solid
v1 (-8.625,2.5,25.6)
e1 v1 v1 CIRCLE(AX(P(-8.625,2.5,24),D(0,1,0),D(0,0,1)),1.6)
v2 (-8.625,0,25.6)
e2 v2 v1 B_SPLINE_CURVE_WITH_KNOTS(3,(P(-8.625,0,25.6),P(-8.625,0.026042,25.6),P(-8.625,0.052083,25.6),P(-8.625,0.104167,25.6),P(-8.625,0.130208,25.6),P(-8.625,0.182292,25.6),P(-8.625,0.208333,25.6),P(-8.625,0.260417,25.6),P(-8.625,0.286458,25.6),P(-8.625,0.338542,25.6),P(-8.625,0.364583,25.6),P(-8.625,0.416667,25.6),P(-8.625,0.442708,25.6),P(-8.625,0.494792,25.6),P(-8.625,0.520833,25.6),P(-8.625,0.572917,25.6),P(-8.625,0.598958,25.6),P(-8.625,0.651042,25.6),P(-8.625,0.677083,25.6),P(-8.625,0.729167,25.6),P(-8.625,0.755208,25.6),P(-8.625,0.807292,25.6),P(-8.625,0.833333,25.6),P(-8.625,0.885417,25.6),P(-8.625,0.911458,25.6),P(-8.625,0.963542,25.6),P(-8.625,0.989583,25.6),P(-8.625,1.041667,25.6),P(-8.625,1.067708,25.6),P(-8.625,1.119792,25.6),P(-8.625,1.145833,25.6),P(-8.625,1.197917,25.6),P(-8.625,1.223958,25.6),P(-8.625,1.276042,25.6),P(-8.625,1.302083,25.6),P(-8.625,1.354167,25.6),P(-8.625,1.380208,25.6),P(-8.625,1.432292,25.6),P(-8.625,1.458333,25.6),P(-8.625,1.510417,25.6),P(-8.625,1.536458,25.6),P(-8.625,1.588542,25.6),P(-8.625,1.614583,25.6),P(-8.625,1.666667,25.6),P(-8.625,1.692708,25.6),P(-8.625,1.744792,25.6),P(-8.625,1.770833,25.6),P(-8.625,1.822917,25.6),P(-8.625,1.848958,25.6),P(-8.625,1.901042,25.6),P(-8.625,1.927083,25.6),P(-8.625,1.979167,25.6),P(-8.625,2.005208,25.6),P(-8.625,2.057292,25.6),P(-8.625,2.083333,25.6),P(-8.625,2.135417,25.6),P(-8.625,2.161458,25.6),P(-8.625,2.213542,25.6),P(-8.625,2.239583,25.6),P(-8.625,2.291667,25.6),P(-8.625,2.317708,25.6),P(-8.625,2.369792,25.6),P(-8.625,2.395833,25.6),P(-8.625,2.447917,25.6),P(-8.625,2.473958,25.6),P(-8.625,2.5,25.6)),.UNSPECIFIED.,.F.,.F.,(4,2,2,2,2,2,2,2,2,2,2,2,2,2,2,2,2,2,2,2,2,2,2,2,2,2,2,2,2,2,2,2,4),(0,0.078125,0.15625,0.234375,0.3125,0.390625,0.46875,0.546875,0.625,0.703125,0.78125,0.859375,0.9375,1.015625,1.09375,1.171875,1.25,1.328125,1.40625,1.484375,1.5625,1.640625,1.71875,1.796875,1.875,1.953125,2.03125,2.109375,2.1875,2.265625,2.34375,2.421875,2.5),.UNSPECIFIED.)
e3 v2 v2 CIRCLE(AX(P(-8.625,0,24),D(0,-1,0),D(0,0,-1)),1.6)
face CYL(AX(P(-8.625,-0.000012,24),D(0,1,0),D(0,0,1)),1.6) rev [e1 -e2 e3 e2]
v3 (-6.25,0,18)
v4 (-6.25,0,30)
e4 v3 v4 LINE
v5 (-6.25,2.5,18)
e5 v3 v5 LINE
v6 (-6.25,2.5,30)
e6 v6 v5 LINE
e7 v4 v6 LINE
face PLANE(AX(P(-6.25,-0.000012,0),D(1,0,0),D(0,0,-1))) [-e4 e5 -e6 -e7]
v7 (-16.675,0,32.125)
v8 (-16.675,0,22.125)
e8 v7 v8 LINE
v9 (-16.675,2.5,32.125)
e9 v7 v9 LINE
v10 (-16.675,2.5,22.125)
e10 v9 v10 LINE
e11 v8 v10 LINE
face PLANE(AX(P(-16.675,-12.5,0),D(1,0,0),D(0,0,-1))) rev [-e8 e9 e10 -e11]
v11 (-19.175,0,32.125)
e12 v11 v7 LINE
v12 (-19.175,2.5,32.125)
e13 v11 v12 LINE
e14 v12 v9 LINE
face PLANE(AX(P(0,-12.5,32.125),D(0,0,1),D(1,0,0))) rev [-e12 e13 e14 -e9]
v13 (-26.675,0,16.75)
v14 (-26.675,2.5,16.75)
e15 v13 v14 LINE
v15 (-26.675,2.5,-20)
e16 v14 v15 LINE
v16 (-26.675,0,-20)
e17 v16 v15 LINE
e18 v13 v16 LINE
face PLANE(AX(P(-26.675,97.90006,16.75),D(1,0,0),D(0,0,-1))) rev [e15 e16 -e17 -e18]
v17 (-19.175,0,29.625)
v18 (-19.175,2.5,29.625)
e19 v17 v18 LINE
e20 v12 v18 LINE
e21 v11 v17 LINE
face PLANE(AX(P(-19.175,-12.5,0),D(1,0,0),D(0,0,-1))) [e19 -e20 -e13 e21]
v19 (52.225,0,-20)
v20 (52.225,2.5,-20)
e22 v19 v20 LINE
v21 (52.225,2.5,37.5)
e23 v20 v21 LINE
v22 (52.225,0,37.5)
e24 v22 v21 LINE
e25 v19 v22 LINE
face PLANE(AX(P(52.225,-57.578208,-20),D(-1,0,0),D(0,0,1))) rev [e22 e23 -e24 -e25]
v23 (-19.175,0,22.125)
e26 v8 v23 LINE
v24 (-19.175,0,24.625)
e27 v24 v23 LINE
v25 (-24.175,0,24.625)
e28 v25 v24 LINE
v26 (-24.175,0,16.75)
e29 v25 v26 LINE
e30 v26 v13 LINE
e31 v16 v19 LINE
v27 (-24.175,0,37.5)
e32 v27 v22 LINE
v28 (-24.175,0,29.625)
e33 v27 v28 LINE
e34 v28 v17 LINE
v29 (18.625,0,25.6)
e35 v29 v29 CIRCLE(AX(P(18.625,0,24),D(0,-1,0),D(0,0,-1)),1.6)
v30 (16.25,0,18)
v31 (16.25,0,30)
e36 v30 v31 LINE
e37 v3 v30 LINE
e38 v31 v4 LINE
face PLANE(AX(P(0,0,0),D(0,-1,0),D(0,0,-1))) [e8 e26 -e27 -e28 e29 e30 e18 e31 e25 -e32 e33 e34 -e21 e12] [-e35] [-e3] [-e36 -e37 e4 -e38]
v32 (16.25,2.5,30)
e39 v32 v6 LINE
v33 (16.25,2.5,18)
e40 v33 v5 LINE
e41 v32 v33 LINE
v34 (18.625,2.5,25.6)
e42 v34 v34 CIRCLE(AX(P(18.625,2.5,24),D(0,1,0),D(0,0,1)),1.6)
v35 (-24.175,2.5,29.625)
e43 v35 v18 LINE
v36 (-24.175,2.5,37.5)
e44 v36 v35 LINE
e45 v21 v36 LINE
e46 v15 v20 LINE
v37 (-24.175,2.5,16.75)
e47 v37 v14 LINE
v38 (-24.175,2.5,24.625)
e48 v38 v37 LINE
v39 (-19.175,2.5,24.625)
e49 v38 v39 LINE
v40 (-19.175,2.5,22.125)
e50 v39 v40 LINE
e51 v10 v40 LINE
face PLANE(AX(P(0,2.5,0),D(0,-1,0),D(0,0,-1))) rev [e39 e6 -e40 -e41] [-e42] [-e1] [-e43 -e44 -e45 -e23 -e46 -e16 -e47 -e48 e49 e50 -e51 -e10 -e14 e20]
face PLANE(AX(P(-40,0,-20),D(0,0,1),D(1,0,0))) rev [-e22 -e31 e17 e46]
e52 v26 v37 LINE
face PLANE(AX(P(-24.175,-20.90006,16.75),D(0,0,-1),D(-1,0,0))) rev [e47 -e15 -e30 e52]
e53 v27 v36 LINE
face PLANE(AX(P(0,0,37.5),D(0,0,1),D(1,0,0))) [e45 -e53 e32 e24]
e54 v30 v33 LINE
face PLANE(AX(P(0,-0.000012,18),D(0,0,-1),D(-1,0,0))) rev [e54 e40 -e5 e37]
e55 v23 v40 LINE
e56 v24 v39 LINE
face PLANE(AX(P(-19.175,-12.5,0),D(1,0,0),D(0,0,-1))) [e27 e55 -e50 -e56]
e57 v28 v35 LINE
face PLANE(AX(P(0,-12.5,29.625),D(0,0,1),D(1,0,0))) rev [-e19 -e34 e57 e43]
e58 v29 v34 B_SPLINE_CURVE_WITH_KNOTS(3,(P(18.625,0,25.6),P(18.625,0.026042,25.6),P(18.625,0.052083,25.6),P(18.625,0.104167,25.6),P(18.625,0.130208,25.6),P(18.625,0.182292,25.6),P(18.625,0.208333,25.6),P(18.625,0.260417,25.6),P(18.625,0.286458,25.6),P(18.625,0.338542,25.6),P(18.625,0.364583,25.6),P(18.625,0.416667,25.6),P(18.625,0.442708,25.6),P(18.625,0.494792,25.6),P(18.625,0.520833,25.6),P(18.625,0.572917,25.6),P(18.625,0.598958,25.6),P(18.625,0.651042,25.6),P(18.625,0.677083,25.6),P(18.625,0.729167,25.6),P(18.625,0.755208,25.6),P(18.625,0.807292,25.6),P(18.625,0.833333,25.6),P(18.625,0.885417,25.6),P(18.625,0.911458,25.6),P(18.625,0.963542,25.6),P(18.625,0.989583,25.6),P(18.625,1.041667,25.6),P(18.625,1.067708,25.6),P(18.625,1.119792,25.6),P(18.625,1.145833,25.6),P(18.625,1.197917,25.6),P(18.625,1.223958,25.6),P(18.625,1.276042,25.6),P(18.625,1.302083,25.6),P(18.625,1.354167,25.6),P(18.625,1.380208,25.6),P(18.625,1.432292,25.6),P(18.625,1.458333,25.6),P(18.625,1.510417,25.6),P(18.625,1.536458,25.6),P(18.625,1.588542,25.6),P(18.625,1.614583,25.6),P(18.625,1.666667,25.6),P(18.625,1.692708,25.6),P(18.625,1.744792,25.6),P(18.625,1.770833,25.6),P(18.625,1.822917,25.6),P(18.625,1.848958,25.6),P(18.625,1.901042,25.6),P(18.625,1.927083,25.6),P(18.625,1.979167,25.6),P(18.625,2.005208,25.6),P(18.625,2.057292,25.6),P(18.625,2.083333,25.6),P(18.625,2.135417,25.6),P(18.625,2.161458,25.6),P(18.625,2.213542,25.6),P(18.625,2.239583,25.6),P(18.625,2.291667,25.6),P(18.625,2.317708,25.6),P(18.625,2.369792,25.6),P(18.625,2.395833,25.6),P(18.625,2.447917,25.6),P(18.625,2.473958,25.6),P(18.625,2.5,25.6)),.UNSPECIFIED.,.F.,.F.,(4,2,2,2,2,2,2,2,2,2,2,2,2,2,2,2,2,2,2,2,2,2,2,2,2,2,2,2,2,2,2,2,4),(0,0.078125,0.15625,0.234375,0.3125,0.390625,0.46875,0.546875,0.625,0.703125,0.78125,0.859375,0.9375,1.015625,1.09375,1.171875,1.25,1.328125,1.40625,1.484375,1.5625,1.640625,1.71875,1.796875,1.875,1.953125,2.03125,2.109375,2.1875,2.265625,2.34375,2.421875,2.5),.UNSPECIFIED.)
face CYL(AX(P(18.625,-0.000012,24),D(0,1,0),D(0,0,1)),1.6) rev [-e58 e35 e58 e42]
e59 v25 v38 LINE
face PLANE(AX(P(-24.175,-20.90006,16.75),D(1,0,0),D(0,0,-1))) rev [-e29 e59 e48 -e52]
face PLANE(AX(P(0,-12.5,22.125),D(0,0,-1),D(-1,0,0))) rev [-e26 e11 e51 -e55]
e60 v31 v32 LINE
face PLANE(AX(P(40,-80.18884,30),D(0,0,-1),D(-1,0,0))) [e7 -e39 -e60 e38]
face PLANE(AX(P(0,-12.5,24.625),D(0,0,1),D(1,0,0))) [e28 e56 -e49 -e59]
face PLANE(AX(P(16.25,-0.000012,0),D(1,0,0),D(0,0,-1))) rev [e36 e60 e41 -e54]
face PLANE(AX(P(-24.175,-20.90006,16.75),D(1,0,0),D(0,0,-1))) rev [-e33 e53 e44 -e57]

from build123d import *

# Parameters (mm, degrees)
SKETCH1_W               = 80
SKETCH1_H               = 60
BOSS_EXTRUDE1_DEPTH     = 2.5
CUT_EXTRUDE4_DEPTH      = 51.062460986
CUT_EXTRUDE4_DEPTH_BACK = 51.062460986
SKETCH2_R               = 1.6
SKETCH3_W               = 2.5
SKETCH3_H               = 20.5
BOSS_EXTRUDE2_DEPTH     = 66.5
SKETCH4_W               = 80
SKETCH4_H               = 5.5
BOSS_EXTRUDE3_DEPTH     = 2.5
SKETCH5_W               = 2.5
SKETCH5_H               = 5.5
BOSS_EXTRUDE4_DEPTH     = 66.5
SKETCH6_W               = 2.5
SKETCH6_H               = 5.5
CUT_EXTRUDE5_DEPTH      = 66.5
SKETCH9_W               = 2.5
SKETCH9_H               = 2.5
BOSS_EXTRUDE5_DEPTH     = 66.5
SKETCH11_R              = 4.75
CUT_EXTRUDE6_DEPTH      = 2.5
SKETCH15_W              = 2.5
SKETCH15_H              = 23
BOSS_EXTRUDE6_DEPTH     = 8
SKETCH17_W              = 2.5
SKETCH17_H              = 74.5
BOSS_EXTRUDE7_DEPTH     = 2
SKETCH18_R              = 1.6
CUT_EXTRUDE7_DEPTH      = 2.5
SKETCH21_W              = 80
SKETCH21_H              = 2.5
BOSS_EXTRUDE8_DEPTH     = 2
SKETCH22_W              = 4.25
SKETCH22_H              = 74.5
CUT_EXTRUDE8_DEPTH      = 2.5
FILLET1_R               = 5
SKETCH23_W              = 15.225
SKETCH23_H              = 67.5
BOSS_EXTRUDE10_DEPTH    = 2.5
SKETCH24_W              = 95.225
SKETCH24_H              = 10
CUT_EXTRUDE9_DEPTH      = 101.031498164
SKETCH26_W              = 2.5
SKETCH26_H              = 20.75
BOSS_EXTRUDE11_DEPTH    = 74.5
SKETCH27_R              = 1.6
CUT_EXTRUDE10_DEPTH     = 2.5
SKETCH28_W              = 2.5
SKETCH28_H              = 20.75
CUT_EXTRUDE11_DEPTH     = 74.5
SKETCH29_W              = 20.75
SKETCH29_H              = 19.625
CUT_EXTRUDE12_DEPTH     = 2.5
FILLET2_R               = 6
SKETCH31_W              = 13.325
SKETCH31_H              = 57.5
CUT_EXTRUDE13_DEPTH     = 2.5
SKETCH33_W              = 3
SKETCH33_H              = 57.5
CUT_EXTRUDE14_DEPTH     = 2.5
CUT_EXTRUDE15_DEPTH     = 2.5
SKETCH35_W              = 2.5
SKETCH35_H              = 20.75
CUT_EXTRUDE16_DEPTH     = 57.375


with BuildPart() as part:
    # Sketch1 → Boss-Extrude1 (new body)
    with BuildSketch(Plane(origin=(0, 0, 0), x_dir=(1, 0, 0), z_dir=(0, 1, 0))):
        Rectangle(SKETCH1_W, SKETCH1_H)
    extrude(amount=BOSS_EXTRUDE1_DEPTH)

    # Sketch2 → Cut-Extrude4 (cut, two sides: drawn at the far end of the back side and taken through both)
    with BuildSketch(Plane(origin=(0, 0, 0), x_dir=(1, 0, 0), z_dir=(0, 1, 0)).offset(-CUT_EXTRUDE4_DEPTH_BACK)):
        with BuildLine():
            Line((-6.25, -24), (-2.5, -24))
            ThreePointArc((-2.5, -24), (0, -21.5), (2.5, -24))
            Line((2.5, -24), (16.25, -24))
            Line((16.25, -24), (16.25, -18))
            Line((16.25, -18), (-6.25, -18))
            Line((-6.25, -18), (-6.25, -24))
        make_face()
        with BuildLine():
            Line((0, -26.5), (0, -30))
            Line((0, -30), (16.25, -30))
            Line((16.25, -30), (16.25, -24))
            Line((16.25, -24), (2.5, -24))
            ThreePointArc((2.5, -24), (1.767766953, -25.767766953), (0, -26.5))
        make_face()
        with BuildLine():
            ThreePointArc((-2.5, -24), (-1.767766953, -25.767766953), (0, -26.5))
            Line((0, -26.5), (0, -24))
            Line((0, -24), (-2.5, -24))
        make_face()
        with BuildLine():
            Line((0, -24), (0, -26.5))
            ThreePointArc((0, -26.5), (1.767766953, -25.767766953), (2.5, -24))
            Line((2.5, -24), (0, -24))
        make_face()
        with BuildLine():
            Line((-2.5, -24), (0, -24))
            Line((0, -24), (2.5, -24))
            ThreePointArc((2.5, -24), (0, -21.5), (-2.5, -24))
        make_face()
        with BuildLine():
            ThreePointArc((-2.5, -24), (-1.767766953, -25.767766953), (0, -26.5))
            Line((0, -26.5), (0, -24))
            Line((0, -24), (-2.5, -24))
        make_face()
        with BuildLine():
            Line((0, -24), (0, -26.5))
            ThreePointArc((0, -26.5), (1.767766953, -25.767766953), (2.5, -24))
            Line((2.5, -24), (0, -24))
        make_face()
        with BuildLine():
            Line((-6.25, -30), (0, -30))
            Line((0, -30), (0, -26.5))
            ThreePointArc((0, -26.5), (-1.767766953, -25.767766953), (-2.5, -24))
            Line((-2.5, -24), (-6.25, -24))
            Line((-6.25, -24), (-6.25, -30))
        make_face()
        with Locations(Location((-8.625, -24, 0), (0, 0, 270))):
            Circle(SKETCH2_R)
        with Locations(Location((18.625, -24, 0), (0, 0, 270))):
            Circle(SKETCH2_R)
    extrude(amount=CUT_EXTRUDE4_DEPTH + CUT_EXTRUDE4_DEPTH_BACK, mode=Mode.SUBTRACT)

    # Sketch3 → Boss-Extrude2 (add)
    with BuildSketch(Plane(origin=(0, 2.5, 0), x_dir=(1, 0, 0), z_dir=(0, 1, 0))):
        with Locations((-38.75, -19.75)):
            Rectangle(SKETCH3_W, SKETCH3_H)
    extrude(amount=BOSS_EXTRUDE2_DEPTH)

    # Sketch4 → Boss-Extrude3 (add)
    with BuildSketch(Plane(origin=(0, 2.5, 0), x_dir=(1, 0, 0), z_dir=(0, 1, 0))):
        with Locations((0, -32.75)):
            Rectangle(SKETCH4_W, SKETCH4_H)
    extrude(amount=-BOSS_EXTRUDE3_DEPTH)

    # Sketch5 → Boss-Extrude4 (add)
    with BuildSketch(Plane(origin=(0, 2.5, 0), x_dir=(1, 0, 0), z_dir=(0, 1, 0))):
        with Locations((-38.75, -32.75)):
            Rectangle(SKETCH5_W, SKETCH5_H)
    extrude(amount=BOSS_EXTRUDE4_DEPTH)

    # Sketch6 → Cut-Extrude5 (cut)
    with BuildSketch(Plane(origin=(0, 69, 0), x_dir=(1, 0, 0), z_dir=(0, 1, 0))):
        with Locations((-38.75, -12.25)):
            Rectangle(SKETCH6_W, SKETCH6_H)
    extrude(amount=-CUT_EXTRUDE5_DEPTH, mode=Mode.SUBTRACT)

    # Sketch9 → Boss-Extrude5 (add)
    with BuildSketch(Plane(origin=(0, 2.5, 0), x_dir=(1, 0, 0), z_dir=(0, 1, 0))):
        with Locations((-38.75, -13.75)):
            Rectangle(SKETCH9_W, SKETCH9_H)
    extrude(amount=BOSS_EXTRUDE5_DEPTH)

    # Sketch11 → Cut-Extrude6 (cut)
    with BuildSketch(Plane(origin=(-37.5, 0, 0), x_dir=(0, 0, -1), z_dir=(1, 0, 0))):
        with Locations((-24, 54)):
            Circle(SKETCH11_R)
    extrude(amount=-CUT_EXTRUDE6_DEPTH, mode=Mode.SUBTRACT)

    # Sketch15 → Boss-Extrude6 (add)
    with BuildSketch(Plane(origin=(0, 69, 0), x_dir=(1, 0, 0), z_dir=(0, 1, 0))):
        with Locations((-38.75, -24)):
            Rectangle(SKETCH15_W, SKETCH15_H)
    extrude(amount=BOSS_EXTRUDE6_DEPTH)

    # Sketch17 → Boss-Extrude7 (add)
    with BuildSketch(Plane.XY.offset(35.5)):
        with Locations((-38.75, 39.75)):
            Rectangle(SKETCH17_W, SKETCH17_H)
    extrude(amount=BOSS_EXTRUDE7_DEPTH)

    # Sketch18 → Cut-Extrude7 (cut)
    with BuildSketch(Plane.ZY.offset(40)):
        with Locations((32, 36.5)):
            Circle(SKETCH18_R)
        with Locations((32, 71.5)):
            Circle(SKETCH18_R)
    extrude(amount=-CUT_EXTRUDE7_DEPTH, mode=Mode.SUBTRACT)

    # Sketch21 → Boss-Extrude8 (add)
    with BuildSketch(Plane.XY.offset(35.5)):
        with Locations((0, 1.25)):
            Rectangle(SKETCH21_W, SKETCH21_H)
    extrude(amount=BOSS_EXTRUDE8_DEPTH)

    # Sketch22 → Cut-Extrude8 (cut)
    with BuildSketch(Plane(origin=(-37.5, 0, 0), x_dir=(0, 0, -1), z_dir=(1, 0, 0))):
        with Locations((-14.625, 39.75)):
            Rectangle(SKETCH22_W, SKETCH22_H)
    extrude(amount=-CUT_EXTRUDE8_DEPTH, mode=Mode.SUBTRACT)

    # Fillet1
    fillet1_edges = [part.edges().sort_by_distance(p)[0] for p in [
        (-38.75, 77, 37.5),
        (-38.75, 77, 16.75),
    ]]
    fillet(fillet1_edges, radius=FILLET1_R)

    # Sketch23 → Boss-Extrude10 (add)
    with BuildSketch(Plane(origin=(0, 2.5, 0), x_dir=(1, 0, 0), z_dir=(0, 1, 0))):
        with Locations((47.6125, -3.75)):
            Rectangle(SKETCH23_W, SKETCH23_H)
    extrude(amount=-BOSS_EXTRUDE10_DEPTH)

    # Sketch24 → Cut-Extrude9 (cut, through all)
    with BuildSketch(Plane(origin=(0, 2.5, 0), x_dir=(1, 0, 0), z_dir=(0, 1, 0))):
        with Locations((7.6125, 25)):
            Rectangle(SKETCH24_W, SKETCH24_H)
    extrude(amount=-CUT_EXTRUDE9_DEPTH, mode=Mode.SUBTRACT)

    # Sketch26 → Boss-Extrude11 (add)
    with BuildSketch(Plane(origin=(0, 2.5, 0), x_dir=(1, 0, 0), z_dir=(0, 1, 0))):
        with Locations((-25.425, -27.125)):
            Rectangle(SKETCH26_W, SKETCH26_H)
    extrude(amount=BOSS_EXTRUDE11_DEPTH)

    # Sketch27 → Cut-Extrude10 (cut)
    with BuildSketch(Plane(origin=(-24.175, 0, 0), x_dir=(0, 0, -1), z_dir=(1, 0, 0))):
        with BuildLine():
            ThreePointArc((-28.75, 36.275), (-27.358757211, 32.916242789), (-24, 31.525))
            Line((-24, 31.525), (-24, 36.275))
            Line((-24, 36.275), (-28.75, 36.275))
        make_face()
        with BuildLine():
            Line((-24, 36.275), (-24, 31.525))
            ThreePointArc((-24, 31.525), (-20.641242789, 32.916242789), (-19.25, 36.275))
            ThreePointArc((-19.25, 36.275), (-24, 41.025), (-28.75, 36.275))
            Line((-28.75, 36.275), (-24, 36.275))
        make_face()
        with BuildLine():
            ThreePointArc((-28.75, 36.275), (-27.358757211, 32.916242789), (-24, 31.525))
            Line((-24, 31.525), (-24, 36.275))
            Line((-24, 36.275), (-28.75, 36.275))
        make_face()
        with BuildLine():
            Line((-24, 36.275), (-24, 31.525))
            ThreePointArc((-24, 31.525), (-20.641242789, 32.916242789), (-19.25, 36.275))
            ThreePointArc((-19.25, 36.275), (-24, 41.025), (-28.75, 36.275))
            Line((-28.75, 36.275), (-24, 36.275))
        make_face()
        with Locations((-32, 18.775)):
            Circle(SKETCH27_R)
        with Locations((-32, 53.775)):
            Circle(SKETCH27_R)
    extrude(amount=-CUT_EXTRUDE10_DEPTH, mode=Mode.SUBTRACT)

    # Sketch28 → Cut-Extrude11 (cut)
    with BuildSketch(Plane(origin=(0, 77, 0), x_dir=(1, 0, 0), z_dir=(0, 1, 0))):
        with Locations((-38.75, -27.125)):
            Rectangle(SKETCH28_W, SKETCH28_H)
    extrude(amount=-CUT_EXTRUDE11_DEPTH, mode=Mode.SUBTRACT)

    # Sketch29 → Cut-Extrude12 (cut)
    with BuildSketch(Plane(origin=(-24.175, 0, 0), x_dir=(0, 0, -1), z_dir=(1, 0, 0))):
        with Locations((-27.125, 67.1875)):
            Rectangle(SKETCH29_W, SKETCH29_H)
    extrude(amount=-CUT_EXTRUDE12_DEPTH, mode=Mode.SUBTRACT)

    # Fillet2
    fillet2_edges = [part.edges().sort_by_distance(p)[0] for p in [
        (-25.425, 57.375, 37.5),
        (-25.425, 57.375, 16.75),
    ]]
    fillet(fillet2_edges, radius=FILLET2_R)

    # Sketch31 → Cut-Extrude13 (cut)
    with BuildSketch(Plane(origin=(0, 2.5, 0), x_dir=(1, 0, 0), z_dir=(0, 1, 0))):
        with Locations((-33.3375, -8.75)):
            Rectangle(SKETCH31_W, SKETCH31_H)
    extrude(amount=-CUT_EXTRUDE13_DEPTH, mode=Mode.SUBTRACT)

    # Sketch33 → Cut-Extrude14 (cut)
    with BuildSketch(Plane(origin=(0, 2.5, 0), x_dir=(1, 0, 0), z_dir=(0, 1, 0))):
        with Locations((53.725, -8.75)):
            Rectangle(SKETCH33_W, SKETCH33_H)
    extrude(amount=-CUT_EXTRUDE14_DEPTH, mode=Mode.SUBTRACT)

    # Sketch34 → Cut-Extrude15 (cut)
    with BuildSketch(Plane(origin=(0, 2.5, 0), x_dir=(1, 0, 0), z_dir=(0, 1, 0))):
        Polygon((-24.175, -24.625), (-24.175, -27.125), (-24.175, -29.625), (-19.175, -29.625), (-19.175, -24.625), align=None)
        Polygon((-19.175, -22.125), (-19.175, -24.625), (-19.175, -29.625), (-19.175, -32.125), (-16.675, -32.125), (-16.675, -22.125), align=None)
    extrude(amount=-CUT_EXTRUDE15_DEPTH, mode=Mode.SUBTRACT)

    # Sketch35 → Cut-Extrude16 (cut)
    with BuildSketch(Plane(origin=(0, 57.375, 0), x_dir=(1, 0, 0), z_dir=(0, 1, 0))):
        with Locations((-25.425, -27.125)):
            Rectangle(SKETCH35_W, SKETCH35_H)
    extrude(amount=-CUT_EXTRUDE16_DEPTH, mode=Mode.SUBTRACT)


solid = part.part
